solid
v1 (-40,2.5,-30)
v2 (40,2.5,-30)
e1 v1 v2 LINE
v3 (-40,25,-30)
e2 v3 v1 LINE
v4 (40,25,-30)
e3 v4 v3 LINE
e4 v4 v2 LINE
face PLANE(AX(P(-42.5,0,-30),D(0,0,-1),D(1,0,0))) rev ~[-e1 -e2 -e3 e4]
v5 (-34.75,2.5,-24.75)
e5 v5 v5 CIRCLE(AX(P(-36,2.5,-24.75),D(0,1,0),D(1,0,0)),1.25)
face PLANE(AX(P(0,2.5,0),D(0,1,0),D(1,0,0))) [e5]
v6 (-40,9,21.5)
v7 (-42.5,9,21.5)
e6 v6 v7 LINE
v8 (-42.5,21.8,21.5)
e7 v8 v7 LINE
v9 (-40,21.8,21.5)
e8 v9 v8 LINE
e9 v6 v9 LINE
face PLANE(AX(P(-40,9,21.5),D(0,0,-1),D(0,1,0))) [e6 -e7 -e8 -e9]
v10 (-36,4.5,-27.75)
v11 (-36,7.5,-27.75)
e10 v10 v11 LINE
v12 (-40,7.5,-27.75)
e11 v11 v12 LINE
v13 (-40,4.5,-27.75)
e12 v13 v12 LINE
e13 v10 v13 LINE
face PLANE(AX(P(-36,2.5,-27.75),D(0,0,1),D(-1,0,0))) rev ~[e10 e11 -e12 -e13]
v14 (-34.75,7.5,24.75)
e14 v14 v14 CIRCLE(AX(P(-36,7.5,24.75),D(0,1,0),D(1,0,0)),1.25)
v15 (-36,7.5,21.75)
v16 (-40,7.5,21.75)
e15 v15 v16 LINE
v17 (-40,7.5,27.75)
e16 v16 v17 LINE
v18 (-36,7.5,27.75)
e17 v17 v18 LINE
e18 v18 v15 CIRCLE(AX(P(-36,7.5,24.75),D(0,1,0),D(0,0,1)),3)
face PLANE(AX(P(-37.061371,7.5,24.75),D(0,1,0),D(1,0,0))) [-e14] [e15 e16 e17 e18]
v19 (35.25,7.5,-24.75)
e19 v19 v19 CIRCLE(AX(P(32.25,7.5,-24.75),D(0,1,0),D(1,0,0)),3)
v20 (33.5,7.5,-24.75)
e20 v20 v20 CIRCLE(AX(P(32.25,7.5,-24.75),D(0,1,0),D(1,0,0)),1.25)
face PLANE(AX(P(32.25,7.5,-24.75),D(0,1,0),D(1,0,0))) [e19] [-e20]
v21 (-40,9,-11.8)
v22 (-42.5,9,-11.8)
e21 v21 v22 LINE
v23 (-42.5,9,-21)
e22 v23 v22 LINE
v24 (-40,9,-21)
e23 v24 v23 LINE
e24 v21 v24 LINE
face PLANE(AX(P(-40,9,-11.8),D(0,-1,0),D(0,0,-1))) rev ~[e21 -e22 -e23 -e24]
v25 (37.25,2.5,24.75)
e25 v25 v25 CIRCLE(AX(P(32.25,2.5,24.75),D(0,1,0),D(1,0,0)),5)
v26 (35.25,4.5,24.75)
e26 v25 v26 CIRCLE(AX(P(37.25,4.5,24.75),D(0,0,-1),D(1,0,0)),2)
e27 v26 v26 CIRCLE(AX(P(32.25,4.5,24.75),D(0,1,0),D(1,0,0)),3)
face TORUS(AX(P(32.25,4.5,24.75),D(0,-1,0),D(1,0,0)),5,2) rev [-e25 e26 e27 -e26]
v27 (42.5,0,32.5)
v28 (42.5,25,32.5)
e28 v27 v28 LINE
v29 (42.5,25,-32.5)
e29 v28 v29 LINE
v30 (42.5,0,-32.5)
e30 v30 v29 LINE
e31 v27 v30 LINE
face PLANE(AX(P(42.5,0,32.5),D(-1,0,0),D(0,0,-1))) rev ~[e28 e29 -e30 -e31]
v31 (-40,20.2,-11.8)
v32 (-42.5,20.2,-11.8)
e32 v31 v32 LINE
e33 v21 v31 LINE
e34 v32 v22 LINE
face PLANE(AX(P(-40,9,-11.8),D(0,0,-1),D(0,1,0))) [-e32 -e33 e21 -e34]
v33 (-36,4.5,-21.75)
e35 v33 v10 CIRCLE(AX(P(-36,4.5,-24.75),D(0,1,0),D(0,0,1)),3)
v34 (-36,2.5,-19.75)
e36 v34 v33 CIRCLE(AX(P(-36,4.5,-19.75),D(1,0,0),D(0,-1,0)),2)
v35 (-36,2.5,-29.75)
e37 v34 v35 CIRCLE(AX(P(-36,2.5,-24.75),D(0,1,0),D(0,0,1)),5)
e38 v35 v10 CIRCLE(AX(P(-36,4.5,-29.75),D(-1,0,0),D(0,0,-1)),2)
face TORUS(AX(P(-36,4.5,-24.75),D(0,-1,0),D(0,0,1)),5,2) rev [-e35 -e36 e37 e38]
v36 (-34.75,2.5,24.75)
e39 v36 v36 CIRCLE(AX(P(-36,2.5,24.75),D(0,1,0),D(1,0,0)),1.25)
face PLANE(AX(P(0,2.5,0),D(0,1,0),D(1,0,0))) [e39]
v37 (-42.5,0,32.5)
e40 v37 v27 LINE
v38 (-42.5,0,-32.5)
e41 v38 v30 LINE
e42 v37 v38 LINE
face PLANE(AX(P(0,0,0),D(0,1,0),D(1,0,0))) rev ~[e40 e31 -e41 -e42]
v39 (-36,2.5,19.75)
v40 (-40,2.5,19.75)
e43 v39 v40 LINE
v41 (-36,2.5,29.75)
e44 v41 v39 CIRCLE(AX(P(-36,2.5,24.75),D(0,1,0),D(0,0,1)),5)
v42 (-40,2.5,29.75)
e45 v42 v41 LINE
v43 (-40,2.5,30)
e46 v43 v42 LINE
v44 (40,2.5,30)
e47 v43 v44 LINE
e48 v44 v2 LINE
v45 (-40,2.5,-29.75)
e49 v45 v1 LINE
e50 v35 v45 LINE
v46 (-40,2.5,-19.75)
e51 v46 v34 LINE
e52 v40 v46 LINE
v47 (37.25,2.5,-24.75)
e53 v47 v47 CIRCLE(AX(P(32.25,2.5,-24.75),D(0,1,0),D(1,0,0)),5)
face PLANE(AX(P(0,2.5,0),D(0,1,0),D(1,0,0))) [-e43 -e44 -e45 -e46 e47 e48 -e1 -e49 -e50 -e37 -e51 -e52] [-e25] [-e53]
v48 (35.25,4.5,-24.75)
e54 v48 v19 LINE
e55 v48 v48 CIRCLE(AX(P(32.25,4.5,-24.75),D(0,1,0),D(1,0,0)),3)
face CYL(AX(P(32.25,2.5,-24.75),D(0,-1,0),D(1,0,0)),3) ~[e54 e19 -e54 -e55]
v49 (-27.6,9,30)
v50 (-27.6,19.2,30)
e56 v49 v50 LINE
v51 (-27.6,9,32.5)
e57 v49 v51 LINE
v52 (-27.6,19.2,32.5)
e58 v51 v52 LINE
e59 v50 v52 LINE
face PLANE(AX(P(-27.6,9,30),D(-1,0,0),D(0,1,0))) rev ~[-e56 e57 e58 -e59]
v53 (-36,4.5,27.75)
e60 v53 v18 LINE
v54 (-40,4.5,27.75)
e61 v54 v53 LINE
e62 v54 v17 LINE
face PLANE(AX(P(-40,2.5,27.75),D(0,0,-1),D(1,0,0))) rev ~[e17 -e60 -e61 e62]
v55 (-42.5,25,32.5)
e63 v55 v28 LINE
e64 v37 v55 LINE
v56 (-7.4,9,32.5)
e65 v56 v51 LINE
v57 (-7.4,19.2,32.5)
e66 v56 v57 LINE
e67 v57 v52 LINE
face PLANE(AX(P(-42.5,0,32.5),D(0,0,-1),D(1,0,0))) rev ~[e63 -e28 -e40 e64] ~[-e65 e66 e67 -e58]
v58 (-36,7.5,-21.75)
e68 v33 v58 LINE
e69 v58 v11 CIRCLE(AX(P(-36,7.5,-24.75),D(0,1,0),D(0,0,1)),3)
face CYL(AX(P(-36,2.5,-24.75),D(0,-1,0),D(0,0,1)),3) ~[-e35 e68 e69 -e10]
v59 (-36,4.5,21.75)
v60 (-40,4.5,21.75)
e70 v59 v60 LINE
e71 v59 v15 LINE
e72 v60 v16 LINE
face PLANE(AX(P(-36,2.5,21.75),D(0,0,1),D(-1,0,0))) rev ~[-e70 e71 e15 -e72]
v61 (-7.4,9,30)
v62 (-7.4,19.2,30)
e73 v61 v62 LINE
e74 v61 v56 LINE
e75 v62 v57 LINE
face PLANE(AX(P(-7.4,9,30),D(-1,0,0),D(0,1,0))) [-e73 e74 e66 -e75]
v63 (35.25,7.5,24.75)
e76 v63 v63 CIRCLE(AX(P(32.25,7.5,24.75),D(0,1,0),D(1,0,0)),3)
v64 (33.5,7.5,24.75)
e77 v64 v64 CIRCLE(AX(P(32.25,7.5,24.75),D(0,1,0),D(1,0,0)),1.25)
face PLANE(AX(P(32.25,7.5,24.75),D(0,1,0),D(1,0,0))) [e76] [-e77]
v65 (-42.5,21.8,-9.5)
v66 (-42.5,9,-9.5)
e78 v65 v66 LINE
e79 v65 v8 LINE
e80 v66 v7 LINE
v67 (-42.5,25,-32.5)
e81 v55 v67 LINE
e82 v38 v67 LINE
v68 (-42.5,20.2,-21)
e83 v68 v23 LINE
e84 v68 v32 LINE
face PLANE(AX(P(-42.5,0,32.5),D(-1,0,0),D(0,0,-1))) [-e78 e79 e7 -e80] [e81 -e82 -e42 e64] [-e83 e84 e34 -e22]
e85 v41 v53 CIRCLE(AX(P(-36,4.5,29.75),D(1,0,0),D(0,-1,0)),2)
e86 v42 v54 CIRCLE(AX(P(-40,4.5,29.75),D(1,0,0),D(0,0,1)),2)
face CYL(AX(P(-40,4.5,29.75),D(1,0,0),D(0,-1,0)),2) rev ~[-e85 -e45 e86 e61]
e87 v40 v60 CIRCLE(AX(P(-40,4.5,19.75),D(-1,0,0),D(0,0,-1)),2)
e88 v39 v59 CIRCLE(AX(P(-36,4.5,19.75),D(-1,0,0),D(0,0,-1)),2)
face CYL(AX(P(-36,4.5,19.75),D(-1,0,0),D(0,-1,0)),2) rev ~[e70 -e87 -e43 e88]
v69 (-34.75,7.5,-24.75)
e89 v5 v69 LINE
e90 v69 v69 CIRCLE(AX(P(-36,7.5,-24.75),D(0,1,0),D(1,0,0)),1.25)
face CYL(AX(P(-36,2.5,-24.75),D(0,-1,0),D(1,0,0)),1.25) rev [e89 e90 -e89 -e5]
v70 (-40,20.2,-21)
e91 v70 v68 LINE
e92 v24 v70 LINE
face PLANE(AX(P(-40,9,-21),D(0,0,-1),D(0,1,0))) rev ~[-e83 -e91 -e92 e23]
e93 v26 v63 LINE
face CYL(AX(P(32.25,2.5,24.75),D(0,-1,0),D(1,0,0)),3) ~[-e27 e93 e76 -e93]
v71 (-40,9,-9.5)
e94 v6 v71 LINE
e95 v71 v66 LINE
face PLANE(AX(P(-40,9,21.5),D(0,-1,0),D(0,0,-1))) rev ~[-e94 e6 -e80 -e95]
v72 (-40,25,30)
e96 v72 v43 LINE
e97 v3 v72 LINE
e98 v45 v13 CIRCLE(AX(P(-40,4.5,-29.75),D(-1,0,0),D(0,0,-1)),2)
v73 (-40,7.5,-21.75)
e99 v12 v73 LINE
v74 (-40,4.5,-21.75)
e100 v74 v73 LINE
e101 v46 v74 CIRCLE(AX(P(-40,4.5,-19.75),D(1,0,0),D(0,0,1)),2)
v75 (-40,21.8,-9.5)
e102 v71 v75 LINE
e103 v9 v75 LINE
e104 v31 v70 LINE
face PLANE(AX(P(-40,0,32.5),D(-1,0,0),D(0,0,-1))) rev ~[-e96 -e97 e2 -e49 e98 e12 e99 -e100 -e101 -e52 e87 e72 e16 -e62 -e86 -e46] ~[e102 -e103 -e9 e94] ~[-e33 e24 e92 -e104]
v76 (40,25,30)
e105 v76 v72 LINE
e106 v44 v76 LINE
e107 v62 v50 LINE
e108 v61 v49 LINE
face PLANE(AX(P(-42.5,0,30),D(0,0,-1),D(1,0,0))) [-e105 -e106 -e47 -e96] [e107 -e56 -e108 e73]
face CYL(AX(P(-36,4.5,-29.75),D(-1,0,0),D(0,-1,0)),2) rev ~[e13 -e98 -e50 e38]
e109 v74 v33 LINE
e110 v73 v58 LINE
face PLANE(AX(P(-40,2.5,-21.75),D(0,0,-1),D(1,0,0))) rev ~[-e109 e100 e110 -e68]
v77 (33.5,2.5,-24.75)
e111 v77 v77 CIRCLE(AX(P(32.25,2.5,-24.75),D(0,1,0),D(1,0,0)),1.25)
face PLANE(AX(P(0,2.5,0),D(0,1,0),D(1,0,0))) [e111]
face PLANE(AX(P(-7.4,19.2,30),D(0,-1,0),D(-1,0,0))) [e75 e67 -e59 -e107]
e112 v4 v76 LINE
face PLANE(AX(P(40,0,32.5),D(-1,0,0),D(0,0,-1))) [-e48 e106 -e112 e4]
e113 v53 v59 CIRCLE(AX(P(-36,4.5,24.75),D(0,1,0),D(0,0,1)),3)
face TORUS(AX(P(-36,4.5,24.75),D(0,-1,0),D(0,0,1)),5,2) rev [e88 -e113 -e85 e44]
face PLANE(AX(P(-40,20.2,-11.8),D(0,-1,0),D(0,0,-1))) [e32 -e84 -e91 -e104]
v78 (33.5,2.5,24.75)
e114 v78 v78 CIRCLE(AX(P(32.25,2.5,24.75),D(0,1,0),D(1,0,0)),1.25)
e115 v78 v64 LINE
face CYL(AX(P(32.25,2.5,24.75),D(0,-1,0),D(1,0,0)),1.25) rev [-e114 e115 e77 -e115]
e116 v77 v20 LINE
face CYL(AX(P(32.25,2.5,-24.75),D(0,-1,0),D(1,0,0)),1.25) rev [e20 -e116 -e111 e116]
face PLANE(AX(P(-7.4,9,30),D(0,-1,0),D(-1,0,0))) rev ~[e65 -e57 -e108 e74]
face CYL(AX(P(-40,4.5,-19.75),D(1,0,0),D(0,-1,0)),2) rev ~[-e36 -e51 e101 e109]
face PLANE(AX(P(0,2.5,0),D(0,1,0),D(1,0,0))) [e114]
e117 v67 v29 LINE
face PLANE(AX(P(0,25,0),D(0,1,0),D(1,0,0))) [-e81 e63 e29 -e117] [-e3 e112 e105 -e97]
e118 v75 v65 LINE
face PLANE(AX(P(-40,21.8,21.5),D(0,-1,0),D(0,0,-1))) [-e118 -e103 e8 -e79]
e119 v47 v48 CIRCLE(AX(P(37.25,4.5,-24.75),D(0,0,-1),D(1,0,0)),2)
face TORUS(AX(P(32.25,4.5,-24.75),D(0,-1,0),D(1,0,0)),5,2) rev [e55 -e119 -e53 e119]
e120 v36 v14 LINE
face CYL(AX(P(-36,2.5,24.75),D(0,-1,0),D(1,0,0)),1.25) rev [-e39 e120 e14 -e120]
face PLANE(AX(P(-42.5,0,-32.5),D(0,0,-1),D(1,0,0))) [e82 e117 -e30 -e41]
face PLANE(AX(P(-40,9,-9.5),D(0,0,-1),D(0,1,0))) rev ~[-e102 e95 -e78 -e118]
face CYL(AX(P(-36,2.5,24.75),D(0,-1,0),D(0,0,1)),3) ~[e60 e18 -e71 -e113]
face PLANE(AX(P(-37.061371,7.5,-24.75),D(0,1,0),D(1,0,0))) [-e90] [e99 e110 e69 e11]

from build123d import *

# Parameters (mm, degrees)
SKETCH_1_W          = 85
SKETCH_1_H          = 65
EXTRUDE_1_DEPTH     = 25
SHELL_1_T           = -2.5
SKETCH_2_R          = 3
SKETCH_2_R_2        = 1.25
EXTRUDE_2_DEPTH     = 5
SKETCH_3_W          = 20.2
SKETCH_3_H          = 10.2
CUT_EXTRUDE_1_DEPTH = 3.5
SKETCH_4_W          = 9.2
SKETCH_4_H          = 11.2
SKETCH_4_W_2        = 31
SKETCH_4_H_2        = 12.8
CUT_EXTRUDE_2_DEPTH = 3.5
FILLET_1_R          = 2


with BuildPart() as part:
    # 草图1 → 凸台-拉伸1 (new body)
    with BuildSketch(Plane(origin=(0, 0, 0), x_dir=(1, 0, 0), z_dir=(0, 1, 0))):
        Rectangle(SKETCH_1_W, SKETCH_1_H)
    extrude(amount=EXTRUDE_1_DEPTH)

    # 抽壳1
    shell_1_openings = [part.faces().sort_by_distance(p)[0] for p in [
        (0, 25, 0),
    ]]
    offset(amount=SHELL_1_T, openings=shell_1_openings, kind=Kind.INTERSECTION)

    # 草图2 → 凸台-拉伸2 (add)
    with BuildSketch(Plane(origin=(0, 2.5, 0), x_dir=(1, 0, 0), z_dir=(0, 1, 0))):
        with Locations((32.25, 24.75)):
            Circle(SKETCH_2_R)
        with Locations((32.25, 24.75)):
            Circle(SKETCH_2_R_2, mode=Mode.SUBTRACT)
        with Locations((32.25, -24.75)):
            Circle(SKETCH_2_R)
        with Locations((32.25, -24.75)):
            Circle(SKETCH_2_R_2, mode=Mode.SUBTRACT)
        with BuildLine():
            Line((-36, 27.75), (-40, 27.75))
            Line((-40, 27.75), (-40, 21.75))
            Line((-40, 21.75), (-36, 21.75))
            ThreePointArc((-36, 21.75), (-33, 24.75), (-36, 27.75))
        make_face()
        with Locations((-36, 24.75)):
            Circle(SKETCH_2_R_2, mode=Mode.SUBTRACT)
        with BuildLine():
            Line((-36, -21.75), (-40, -21.75))
            Line((-40, -21.75), (-40, -27.75))
            Line((-40, -27.75), (-36, -27.75))
            ThreePointArc((-36, -27.75), (-33, -24.75), (-36, -21.75))
        make_face()
        with Locations((-36, -24.75)):
            Circle(SKETCH_2_R_2, mode=Mode.SUBTRACT)
    extrude(amount=EXTRUDE_2_DEPTH)

    # 草图3 → 切除-拉伸1 (cut, through all)
    with BuildSketch(Plane(origin=(0, 0, 30), x_dir=(-1, 0, 0), z_dir=(0, 0, -1))):
        with Locations((17.5, 14.1)):
            Rectangle(SKETCH_3_W, SKETCH_3_H)
    extrude(amount=-CUT_EXTRUDE_1_DEPTH, mode=Mode.SUBTRACT)

    # 草图4 → 切除-拉伸2 (cut, through all)
    with BuildSketch(Plane(origin=(-40, 0, 0), x_dir=(0, 0, -1), z_dir=(1, 0, 0))):
        with Locations((16.4, 14.6)):
            Rectangle(SKETCH_4_W, SKETCH_4_H)
        with Locations((-6, 15.4)):
            Rectangle(SKETCH_4_W_2, SKETCH_4_H_2)
    extrude(amount=-CUT_EXTRUDE_2_DEPTH, mode=Mode.SUBTRACT)

    # 圆角1
    fillet_1_edges = [part.edges().sort_by_distance(p)[0] for p in [
        (29.25, 2.5, -24.75),
        (29.25, 2.5, 24.75),
        (-33, 2.5, -24.75),
        (-38, 2.5, -27.75),
        (-38, 2.5, -21.75),
        (-33, 2.5, 24.75),
        (-38, 2.5, 21.75),
        (-38, 2.5, 27.75),
    ]]
    fillet(fillet_1_edges, radius=FILLET_1_R)


solid = part.part
